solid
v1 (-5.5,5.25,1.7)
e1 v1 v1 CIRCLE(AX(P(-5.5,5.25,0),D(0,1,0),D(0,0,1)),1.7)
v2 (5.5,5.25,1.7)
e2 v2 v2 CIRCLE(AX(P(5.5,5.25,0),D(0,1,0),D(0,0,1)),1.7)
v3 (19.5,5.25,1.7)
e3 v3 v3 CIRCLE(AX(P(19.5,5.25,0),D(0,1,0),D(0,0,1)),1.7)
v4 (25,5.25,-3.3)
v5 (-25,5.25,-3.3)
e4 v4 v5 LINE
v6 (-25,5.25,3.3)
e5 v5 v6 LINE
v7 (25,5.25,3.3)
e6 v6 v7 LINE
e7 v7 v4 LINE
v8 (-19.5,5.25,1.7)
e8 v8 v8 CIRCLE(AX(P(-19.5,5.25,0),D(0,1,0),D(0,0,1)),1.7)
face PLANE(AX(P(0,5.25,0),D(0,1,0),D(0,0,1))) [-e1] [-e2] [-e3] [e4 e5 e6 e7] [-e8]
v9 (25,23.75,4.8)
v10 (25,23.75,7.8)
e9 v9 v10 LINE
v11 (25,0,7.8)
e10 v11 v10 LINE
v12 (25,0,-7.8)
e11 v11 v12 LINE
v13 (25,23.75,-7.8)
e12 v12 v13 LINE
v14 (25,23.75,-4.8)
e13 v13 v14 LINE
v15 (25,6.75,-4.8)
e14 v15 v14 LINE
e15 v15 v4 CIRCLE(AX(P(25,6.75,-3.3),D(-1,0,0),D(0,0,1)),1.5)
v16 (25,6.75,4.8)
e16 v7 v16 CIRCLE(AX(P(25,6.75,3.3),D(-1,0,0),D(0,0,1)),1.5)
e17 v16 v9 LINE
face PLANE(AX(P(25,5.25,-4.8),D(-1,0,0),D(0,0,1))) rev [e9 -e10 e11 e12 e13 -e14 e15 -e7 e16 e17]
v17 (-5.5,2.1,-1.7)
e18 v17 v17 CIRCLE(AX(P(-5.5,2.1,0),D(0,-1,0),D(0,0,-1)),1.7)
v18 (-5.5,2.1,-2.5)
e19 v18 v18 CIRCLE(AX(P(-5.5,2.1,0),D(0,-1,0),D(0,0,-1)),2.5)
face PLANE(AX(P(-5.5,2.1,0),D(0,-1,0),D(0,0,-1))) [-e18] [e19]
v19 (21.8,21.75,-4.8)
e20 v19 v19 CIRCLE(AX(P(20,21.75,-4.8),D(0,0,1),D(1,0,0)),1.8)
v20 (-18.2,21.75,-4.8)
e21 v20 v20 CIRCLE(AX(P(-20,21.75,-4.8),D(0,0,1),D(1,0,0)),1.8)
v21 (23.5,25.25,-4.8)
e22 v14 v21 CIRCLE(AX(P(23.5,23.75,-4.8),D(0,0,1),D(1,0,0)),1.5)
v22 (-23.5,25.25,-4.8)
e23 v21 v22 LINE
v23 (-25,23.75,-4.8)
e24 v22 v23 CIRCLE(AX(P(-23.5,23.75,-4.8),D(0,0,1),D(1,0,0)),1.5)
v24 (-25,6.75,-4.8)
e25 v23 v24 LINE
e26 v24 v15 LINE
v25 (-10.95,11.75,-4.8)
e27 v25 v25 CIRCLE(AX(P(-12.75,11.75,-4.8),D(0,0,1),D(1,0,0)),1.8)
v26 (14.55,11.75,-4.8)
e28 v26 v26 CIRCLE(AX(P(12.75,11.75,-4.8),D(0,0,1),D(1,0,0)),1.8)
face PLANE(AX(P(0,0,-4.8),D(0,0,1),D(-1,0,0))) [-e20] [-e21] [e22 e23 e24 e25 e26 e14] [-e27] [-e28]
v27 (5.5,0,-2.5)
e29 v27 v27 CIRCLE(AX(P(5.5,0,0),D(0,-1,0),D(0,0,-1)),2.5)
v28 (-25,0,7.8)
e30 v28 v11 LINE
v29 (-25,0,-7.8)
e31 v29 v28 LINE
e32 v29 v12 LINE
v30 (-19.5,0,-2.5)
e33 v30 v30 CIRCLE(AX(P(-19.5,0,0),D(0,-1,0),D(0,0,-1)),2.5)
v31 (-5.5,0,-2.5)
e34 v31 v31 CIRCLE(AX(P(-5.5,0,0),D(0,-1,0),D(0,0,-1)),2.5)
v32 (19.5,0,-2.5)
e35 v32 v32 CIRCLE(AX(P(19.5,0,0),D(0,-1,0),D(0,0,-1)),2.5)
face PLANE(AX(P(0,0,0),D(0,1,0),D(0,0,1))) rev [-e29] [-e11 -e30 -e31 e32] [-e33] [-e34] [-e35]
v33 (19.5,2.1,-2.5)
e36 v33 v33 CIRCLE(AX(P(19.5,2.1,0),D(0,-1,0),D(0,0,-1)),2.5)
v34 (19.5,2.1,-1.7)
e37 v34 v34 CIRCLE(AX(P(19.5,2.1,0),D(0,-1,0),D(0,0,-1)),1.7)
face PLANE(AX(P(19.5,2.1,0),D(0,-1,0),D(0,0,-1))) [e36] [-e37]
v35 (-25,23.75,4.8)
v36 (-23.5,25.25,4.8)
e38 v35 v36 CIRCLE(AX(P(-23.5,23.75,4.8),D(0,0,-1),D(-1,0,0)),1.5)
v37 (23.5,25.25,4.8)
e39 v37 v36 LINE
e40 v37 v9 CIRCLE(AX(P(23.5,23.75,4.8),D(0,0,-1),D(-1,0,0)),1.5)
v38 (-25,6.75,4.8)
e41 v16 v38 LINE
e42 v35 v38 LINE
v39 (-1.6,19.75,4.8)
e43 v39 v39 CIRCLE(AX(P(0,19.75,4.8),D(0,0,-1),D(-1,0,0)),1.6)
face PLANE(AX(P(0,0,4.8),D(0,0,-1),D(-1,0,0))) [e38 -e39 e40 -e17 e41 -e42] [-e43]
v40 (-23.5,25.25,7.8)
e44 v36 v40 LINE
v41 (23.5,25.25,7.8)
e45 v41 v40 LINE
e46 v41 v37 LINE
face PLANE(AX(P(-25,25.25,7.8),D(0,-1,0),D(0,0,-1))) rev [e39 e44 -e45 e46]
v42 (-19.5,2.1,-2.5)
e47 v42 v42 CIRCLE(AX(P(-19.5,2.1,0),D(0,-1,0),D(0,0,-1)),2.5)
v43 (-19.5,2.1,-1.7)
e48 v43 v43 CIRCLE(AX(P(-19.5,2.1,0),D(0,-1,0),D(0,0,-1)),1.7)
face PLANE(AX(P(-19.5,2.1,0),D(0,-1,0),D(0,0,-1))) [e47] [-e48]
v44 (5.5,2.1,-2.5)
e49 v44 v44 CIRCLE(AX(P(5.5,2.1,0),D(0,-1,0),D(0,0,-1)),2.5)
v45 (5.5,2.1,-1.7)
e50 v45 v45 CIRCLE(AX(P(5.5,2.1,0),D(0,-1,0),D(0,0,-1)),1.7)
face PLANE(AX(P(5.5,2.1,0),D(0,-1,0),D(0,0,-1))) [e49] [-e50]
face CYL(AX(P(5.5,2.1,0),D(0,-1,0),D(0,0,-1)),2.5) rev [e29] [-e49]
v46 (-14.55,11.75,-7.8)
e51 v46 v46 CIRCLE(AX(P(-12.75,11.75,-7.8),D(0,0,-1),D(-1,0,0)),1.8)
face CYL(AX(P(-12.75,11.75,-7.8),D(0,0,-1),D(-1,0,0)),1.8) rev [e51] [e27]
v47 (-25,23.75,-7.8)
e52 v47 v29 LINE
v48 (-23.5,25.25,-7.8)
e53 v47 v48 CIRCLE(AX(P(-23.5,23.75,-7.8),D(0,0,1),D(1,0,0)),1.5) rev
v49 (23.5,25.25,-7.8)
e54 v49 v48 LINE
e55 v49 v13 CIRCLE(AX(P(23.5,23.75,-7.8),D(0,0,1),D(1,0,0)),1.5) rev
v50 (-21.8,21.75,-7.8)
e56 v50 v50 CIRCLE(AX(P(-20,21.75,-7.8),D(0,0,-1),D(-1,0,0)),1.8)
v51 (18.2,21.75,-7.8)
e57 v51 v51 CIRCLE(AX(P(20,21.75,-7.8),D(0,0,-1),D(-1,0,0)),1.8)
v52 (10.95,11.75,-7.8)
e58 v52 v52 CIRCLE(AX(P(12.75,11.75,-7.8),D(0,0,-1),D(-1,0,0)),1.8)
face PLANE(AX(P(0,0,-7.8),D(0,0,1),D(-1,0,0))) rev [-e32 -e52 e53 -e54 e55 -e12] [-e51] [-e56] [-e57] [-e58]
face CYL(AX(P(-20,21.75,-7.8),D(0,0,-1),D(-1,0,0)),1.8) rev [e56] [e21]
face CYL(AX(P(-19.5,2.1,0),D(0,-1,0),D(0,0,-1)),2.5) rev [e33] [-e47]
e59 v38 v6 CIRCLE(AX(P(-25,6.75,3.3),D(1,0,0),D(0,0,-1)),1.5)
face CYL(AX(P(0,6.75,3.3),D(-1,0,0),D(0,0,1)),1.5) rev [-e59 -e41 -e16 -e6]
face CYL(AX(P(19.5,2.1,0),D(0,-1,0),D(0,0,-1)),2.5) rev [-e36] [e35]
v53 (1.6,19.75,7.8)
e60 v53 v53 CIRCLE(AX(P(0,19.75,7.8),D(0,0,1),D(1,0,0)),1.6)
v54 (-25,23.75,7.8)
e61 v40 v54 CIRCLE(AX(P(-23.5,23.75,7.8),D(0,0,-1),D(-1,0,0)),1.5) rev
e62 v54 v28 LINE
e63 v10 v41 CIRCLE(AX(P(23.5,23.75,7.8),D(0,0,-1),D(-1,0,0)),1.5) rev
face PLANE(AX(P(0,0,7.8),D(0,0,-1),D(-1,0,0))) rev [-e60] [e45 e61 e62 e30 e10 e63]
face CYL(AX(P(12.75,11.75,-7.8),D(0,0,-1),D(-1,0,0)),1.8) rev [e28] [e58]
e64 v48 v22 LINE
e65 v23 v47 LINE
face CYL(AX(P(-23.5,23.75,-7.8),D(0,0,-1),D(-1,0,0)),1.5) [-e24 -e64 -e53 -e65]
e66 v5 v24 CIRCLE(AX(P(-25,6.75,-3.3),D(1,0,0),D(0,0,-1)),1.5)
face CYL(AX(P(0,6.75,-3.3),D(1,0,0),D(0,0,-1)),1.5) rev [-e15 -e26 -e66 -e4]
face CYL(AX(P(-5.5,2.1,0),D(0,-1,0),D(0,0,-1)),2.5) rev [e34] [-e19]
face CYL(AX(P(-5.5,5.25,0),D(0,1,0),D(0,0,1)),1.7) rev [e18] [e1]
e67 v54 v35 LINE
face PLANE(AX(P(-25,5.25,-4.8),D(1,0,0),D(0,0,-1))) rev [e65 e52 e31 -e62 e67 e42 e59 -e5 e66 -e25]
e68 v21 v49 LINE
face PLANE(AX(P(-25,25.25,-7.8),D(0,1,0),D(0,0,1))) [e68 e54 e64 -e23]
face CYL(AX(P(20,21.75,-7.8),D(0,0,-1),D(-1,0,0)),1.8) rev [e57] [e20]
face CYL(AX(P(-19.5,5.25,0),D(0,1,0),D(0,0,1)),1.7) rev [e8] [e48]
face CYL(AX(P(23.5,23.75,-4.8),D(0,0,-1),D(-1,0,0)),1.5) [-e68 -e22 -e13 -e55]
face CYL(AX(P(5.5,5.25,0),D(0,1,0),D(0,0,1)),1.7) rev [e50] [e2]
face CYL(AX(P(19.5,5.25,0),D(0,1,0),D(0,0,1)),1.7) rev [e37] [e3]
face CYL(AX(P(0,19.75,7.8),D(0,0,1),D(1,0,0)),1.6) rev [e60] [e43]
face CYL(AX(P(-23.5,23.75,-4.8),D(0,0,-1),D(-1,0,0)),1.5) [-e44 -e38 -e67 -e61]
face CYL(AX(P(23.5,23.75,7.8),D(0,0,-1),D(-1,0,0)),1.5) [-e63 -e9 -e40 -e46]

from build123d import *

# Parameters (mm, degrees)
SKETCH1_W                = 50
SKETCH1_H                = 9.6
BOSS_EXTRUDE1_DEPTH      = 5.25
SKETCH2_R                = 2.5
CUT_EXTRUDE1_DEPTH       = 2.1
M3_CLEARANCE_HOLE1_D     = 3.4
M3_CLEARANCE_HOLE1_DEPTH = 7.978536948
M3_CLEARANCE_HOLE1_TIP   = 1.021463052
SKETCH5_W                = 50
SKETCH5_H                = 25.25
BOSS_EXTRUDE2_DEPTH      = 3
FILLET1_R                = 1.5
M3_CLEARANCE_HOLE4_D     = 3.2
M3_CLEARANCE_HOLE4_DEPTH = 3.03862301
M3_CLEARANCE_HOLE4_TIP   = 0.96137699
M3_CLEARANCE_HOLE5_D     = 3.6
M3_CLEARANCE_HOLE5_DEPTH = 3.918450886
M3_CLEARANCE_HOLE5_TIP   = 1.081549114
FILLET2_R                = 1.5


with BuildPart() as part:
    # Sketch1 → Boss-Extrude1 (new body)
    with BuildSketch(Plane(origin=(0, 0, 0), x_dir=(1, 0, 0), z_dir=(0, 1, 0))):
        Rectangle(SKETCH1_W, SKETCH1_H)
    extrude(amount=BOSS_EXTRUDE1_DEPTH)

    # Sketch2 → Cut-Extrude1 (cut)
    with BuildSketch(Plane.XZ):
        with Locations(Location((-19.5, 0, 0), (0, 0, 270))):
            Circle(SKETCH2_R)
        with Locations(Location((-5.5, 0, 0), (0, 0, 270))):
            Circle(SKETCH2_R)
        with Locations(Location((5.5, 0, 0), (0, 0, 270))):
            Circle(SKETCH2_R)
        with Locations(Location((19.5, 0, 0), (0, 0, 270))):
            Circle(SKETCH2_R)
    extrude(amount=-CUT_EXTRUDE1_DEPTH, mode=Mode.SUBTRACT)

    # M3 Clearance Hole1
    with Locations(Plane(origin=(0, 5.25, 0), x_dir=(1, 0, 0), z_dir=(0, 1, 0))):
        with Locations((-19.5, 0), (-5.5, 0), (5.5, 0), (19.5, 0)):
            Hole(M3_CLEARANCE_HOLE1_D / 2, depth=M3_CLEARANCE_HOLE1_DEPTH)
            with Locations((0, 0, -(M3_CLEARANCE_HOLE1_DEPTH + M3_CLEARANCE_HOLE1_TIP / 2))):  # 118° drill point
                Cone(0, M3_CLEARANCE_HOLE1_D / 2, M3_CLEARANCE_HOLE1_TIP, mode=Mode.SUBTRACT)

    # Sketch5 → Boss-Extrude2 (add)
    with BuildSketch(Plane.XY.offset(4.8)):
        with Locations((0, 12.625)):
            Rectangle(SKETCH5_W, SKETCH5_H)
    boss_extrude2 = extrude(amount=BOSS_EXTRUDE2_DEPTH)

    # Mirror1: Boss-Extrude2 across plane
    add(boss_extrude2.mirror(Plane.XY))

    # Fillet1
    fillet1_edges = [part.edges().sort_by_distance(p)[0] for p in [
        (0, 5.25, 4.8),
        (0, 5.25, -4.8),
    ]]
    fillet(fillet1_edges, radius=FILLET1_R)

    # M3 Clearance Hole4
    with Locations(Plane.XY.offset(7.8)):
        with Locations((0, 19.75)):
            Hole(M3_CLEARANCE_HOLE4_D / 2, depth=M3_CLEARANCE_HOLE4_DEPTH)
            with Locations((0, 0, -(M3_CLEARANCE_HOLE4_DEPTH + M3_CLEARANCE_HOLE4_TIP / 2))):  # 118° drill point
                Cone(0, M3_CLEARANCE_HOLE4_D / 2, M3_CLEARANCE_HOLE4_TIP, mode=Mode.SUBTRACT)

    # M3 Clearance Hole5
    with Locations(Plane(origin=(0, 0, -7.8), x_dir=(-1, 0, 0), z_dir=(0, 0, -1))):
        with Locations((-20, 21.75), (20, 21.75), (12.75, 11.75), (-12.75, 11.75)):
            Hole(M3_CLEARANCE_HOLE5_D / 2, depth=M3_CLEARANCE_HOLE5_DEPTH)
            with Locations((0, 0, -(M3_CLEARANCE_HOLE5_DEPTH + M3_CLEARANCE_HOLE5_TIP / 2))):  # 118° drill point
                Cone(0, M3_CLEARANCE_HOLE5_D / 2, M3_CLEARANCE_HOLE5_TIP, mode=Mode.SUBTRACT)

    # Fillet2
    fillet2_edges = [part.edges().sort_by_distance(p)[0] for p in [
        (-25, 25.25, 6.3),
        (25, 25.25, 6.3),
        (-25, 25.25, -6.3),
        (25, 25.25, -6.3),
    ]]
    fillet(fillet2_edges, radius=FILLET2_R)


solid = part.part
